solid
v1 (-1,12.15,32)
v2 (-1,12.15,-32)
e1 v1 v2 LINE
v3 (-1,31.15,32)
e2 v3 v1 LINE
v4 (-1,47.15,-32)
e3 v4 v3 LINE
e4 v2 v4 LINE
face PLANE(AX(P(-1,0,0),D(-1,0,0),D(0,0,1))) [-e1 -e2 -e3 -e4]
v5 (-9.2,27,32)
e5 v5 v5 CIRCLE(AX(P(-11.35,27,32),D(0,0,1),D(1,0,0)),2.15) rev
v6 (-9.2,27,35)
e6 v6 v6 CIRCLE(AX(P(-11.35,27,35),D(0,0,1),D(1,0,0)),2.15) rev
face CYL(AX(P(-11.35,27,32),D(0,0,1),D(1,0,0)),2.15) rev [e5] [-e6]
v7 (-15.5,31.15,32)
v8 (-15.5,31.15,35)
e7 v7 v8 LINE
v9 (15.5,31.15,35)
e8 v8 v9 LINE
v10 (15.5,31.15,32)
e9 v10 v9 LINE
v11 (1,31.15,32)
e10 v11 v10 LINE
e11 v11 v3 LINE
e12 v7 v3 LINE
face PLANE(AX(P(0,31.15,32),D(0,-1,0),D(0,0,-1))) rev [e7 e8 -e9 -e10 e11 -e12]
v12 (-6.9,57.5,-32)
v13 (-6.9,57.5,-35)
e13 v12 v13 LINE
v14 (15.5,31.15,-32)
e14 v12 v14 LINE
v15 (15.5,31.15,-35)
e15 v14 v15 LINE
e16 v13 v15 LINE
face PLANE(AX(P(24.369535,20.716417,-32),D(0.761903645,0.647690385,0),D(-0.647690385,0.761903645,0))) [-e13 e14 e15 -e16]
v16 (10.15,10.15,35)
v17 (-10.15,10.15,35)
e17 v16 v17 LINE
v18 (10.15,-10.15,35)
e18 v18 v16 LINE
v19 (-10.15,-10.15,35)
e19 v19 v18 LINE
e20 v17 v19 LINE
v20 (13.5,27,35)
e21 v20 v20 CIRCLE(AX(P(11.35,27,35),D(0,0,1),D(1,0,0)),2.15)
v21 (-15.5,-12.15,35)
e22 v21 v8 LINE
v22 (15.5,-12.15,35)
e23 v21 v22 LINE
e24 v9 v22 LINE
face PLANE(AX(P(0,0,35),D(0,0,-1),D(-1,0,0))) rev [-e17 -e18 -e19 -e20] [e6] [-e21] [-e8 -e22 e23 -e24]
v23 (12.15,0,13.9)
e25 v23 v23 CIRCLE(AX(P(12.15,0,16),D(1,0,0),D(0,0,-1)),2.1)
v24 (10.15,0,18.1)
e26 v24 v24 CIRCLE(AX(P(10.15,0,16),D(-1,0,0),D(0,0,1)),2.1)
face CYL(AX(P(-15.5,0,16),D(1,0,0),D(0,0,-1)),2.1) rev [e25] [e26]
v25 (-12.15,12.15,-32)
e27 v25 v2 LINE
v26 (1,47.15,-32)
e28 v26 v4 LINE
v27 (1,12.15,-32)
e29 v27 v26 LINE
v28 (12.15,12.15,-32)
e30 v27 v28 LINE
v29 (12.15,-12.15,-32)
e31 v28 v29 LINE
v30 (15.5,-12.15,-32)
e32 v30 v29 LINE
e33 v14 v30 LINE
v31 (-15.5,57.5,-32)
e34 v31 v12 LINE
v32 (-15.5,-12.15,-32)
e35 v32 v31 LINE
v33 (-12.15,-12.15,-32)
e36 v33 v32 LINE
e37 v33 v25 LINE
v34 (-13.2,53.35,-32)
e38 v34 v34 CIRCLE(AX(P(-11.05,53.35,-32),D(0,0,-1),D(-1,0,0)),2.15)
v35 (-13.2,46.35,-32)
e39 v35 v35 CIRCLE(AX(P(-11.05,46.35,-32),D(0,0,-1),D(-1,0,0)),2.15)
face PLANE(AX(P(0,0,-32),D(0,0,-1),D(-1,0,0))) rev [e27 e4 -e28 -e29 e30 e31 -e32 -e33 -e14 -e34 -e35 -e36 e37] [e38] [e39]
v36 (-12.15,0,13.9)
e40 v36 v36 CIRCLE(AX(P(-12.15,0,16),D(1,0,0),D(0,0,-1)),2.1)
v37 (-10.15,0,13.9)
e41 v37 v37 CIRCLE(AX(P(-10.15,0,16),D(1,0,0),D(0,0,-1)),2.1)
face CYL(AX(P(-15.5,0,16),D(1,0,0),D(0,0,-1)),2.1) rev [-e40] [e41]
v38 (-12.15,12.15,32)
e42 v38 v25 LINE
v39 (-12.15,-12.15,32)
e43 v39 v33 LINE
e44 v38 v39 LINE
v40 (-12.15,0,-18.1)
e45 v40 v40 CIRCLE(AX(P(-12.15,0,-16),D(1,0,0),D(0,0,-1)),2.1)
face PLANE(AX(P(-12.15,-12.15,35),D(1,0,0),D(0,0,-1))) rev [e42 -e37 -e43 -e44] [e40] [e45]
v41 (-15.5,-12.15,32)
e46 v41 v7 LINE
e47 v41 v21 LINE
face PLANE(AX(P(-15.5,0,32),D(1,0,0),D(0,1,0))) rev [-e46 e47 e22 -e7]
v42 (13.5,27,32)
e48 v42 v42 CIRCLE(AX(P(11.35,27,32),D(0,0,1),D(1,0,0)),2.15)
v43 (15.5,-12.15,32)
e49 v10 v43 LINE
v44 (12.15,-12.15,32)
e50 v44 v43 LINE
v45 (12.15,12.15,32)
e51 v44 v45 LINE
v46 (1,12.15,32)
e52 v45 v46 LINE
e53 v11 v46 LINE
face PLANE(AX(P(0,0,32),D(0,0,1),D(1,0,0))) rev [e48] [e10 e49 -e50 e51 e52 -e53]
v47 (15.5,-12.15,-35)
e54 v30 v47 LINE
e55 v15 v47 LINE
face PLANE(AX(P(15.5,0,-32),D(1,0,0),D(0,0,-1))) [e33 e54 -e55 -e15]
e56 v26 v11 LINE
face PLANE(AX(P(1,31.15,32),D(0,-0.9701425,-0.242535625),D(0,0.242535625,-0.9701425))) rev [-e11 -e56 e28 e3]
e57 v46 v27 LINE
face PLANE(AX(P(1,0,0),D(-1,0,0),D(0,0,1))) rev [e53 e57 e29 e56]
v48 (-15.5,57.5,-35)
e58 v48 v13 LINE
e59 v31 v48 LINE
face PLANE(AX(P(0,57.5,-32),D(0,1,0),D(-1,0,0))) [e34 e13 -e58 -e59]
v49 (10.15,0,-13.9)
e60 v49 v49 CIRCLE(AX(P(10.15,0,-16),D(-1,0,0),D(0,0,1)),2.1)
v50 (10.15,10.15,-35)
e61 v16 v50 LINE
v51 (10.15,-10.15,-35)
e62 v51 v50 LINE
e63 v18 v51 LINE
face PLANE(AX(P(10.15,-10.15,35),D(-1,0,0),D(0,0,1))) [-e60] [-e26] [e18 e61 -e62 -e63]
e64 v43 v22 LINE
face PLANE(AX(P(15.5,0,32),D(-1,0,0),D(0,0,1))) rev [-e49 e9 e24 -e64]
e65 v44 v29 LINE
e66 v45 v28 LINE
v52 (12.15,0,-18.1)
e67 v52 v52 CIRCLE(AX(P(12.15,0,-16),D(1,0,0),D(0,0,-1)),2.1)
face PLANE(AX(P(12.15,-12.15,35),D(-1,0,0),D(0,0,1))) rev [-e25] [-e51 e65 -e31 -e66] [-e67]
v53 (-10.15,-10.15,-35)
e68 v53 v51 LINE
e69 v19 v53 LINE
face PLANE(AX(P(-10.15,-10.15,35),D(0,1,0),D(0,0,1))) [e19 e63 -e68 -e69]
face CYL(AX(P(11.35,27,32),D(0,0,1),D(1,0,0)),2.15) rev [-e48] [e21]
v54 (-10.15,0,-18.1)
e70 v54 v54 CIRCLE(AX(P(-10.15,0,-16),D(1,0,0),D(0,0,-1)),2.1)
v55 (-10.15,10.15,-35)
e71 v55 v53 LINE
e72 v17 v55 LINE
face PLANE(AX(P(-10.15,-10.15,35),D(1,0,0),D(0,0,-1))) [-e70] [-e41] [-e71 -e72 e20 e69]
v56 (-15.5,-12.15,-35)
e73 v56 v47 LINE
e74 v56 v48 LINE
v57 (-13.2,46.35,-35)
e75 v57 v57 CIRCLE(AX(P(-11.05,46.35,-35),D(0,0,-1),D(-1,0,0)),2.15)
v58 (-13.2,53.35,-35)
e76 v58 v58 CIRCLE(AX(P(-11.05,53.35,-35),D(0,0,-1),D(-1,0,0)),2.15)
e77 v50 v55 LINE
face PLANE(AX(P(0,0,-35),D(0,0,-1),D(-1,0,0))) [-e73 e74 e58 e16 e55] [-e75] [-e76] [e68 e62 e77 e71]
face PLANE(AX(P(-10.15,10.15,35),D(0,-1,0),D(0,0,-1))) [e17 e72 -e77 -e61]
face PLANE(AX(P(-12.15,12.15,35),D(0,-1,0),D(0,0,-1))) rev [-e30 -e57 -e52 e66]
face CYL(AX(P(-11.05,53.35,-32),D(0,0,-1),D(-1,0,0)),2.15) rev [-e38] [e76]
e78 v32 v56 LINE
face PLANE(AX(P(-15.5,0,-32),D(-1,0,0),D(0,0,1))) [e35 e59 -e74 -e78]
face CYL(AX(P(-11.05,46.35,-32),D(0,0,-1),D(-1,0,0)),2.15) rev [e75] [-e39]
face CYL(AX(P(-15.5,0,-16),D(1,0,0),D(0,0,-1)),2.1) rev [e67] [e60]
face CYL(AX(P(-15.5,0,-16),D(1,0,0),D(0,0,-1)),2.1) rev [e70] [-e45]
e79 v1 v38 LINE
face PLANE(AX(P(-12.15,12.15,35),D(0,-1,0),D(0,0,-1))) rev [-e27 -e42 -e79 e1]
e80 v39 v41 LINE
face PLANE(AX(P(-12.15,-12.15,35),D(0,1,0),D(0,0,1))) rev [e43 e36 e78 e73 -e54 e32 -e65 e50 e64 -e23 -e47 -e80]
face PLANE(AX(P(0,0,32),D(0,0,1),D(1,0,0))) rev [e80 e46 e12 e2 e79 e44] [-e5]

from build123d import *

# Parameters (mm, degrees)
CROQUIS1_W              = 24.3
CROQUIS1_H              = 24.3
CROQUIS1_W_2            = 20.3
CROQUIS1_H_2            = 20.3
SALIENTE_EXTRUIR1_DEPTH = 35
CROQUIS2_R              = 2.15
SALIENTE_EXTRUIR2_DEPTH = 3
CROQUIS3_R              = 2.15
SALIENTE_EXTRUIR3_DEPTH = 3
SALIENTE_EXTRUIR4_DEPTH = 1
CROQUIS5_R              = 2.1
CORTAR_EXTRUIR1_DEPTH   = 28.65


with BuildPart() as part:
    # Croquis1 → Saliente-Extruir1 (new body, symmetric)
    with BuildSketch(Plane.XY):
        Rectangle(CROQUIS1_W, CROQUIS1_H)
        Rectangle(CROQUIS1_W_2, CROQUIS1_H_2, mode=Mode.SUBTRACT)
    extrude(amount=SALIENTE_EXTRUIR1_DEPTH, both=True)

    # Croquis2 → Saliente-Extruir2 (add)
    with BuildSketch(Plane.XY.offset(35)):
        Polygon((15.5, -12.15), (15.5, 27), (15.5, 31.15), (-15.5, 31.15), (-15.5, -12.15), (-12.15, -12.15), (-12.15, 12.15), (12.15, 12.15), (12.15, -12.15), align=None)
        with Locations((-11.35, 27)):
            Circle(CROQUIS2_R, mode=Mode.SUBTRACT)
        with Locations((11.35, 27)):
            Circle(CROQUIS2_R, mode=Mode.SUBTRACT)
    extrude(amount=-SALIENTE_EXTRUIR2_DEPTH)

    # Croquis3 → Saliente-Extruir3 (add)
    with BuildSketch(Plane(origin=(0, 0, -35), x_dir=(-1, 0, 0), z_dir=(0, 0, -1))):
        Polygon((12.15, -12.15), (15.5, -12.15), (15.5, 57.5), (6.9, 57.5), (-15.5, 31.15), (-15.5, -12.15), (-12.15, -12.15), (-12.15, 12.15), (12.15, 12.15), align=None)
        with Locations((11.05, 53.35)):
            Circle(CROQUIS3_R, mode=Mode.SUBTRACT)
        with Locations((11.05, 46.35)):
            Circle(CROQUIS3_R, mode=Mode.SUBTRACT)
    extrude(amount=-SALIENTE_EXTRUIR3_DEPTH)

    # Croquis4 → Saliente-Extruir4 (add, symmetric)
    with BuildSketch(Plane(origin=(0, 0, 0), x_dir=(0, 0, -1), z_dir=(1, 0, 0))):
        Polygon((-32, 12.15), (32, 12.15), (32, 47.15), (-32, 31.15), align=None)
    extrude(amount=SALIENTE_EXTRUIR4_DEPTH, both=True)

    # Croquis5 → Cortar-Extruir1 (cut, through all)
    with BuildSketch(Plane(origin=(12.15, 0, 0), x_dir=(0, 0, -1), z_dir=(1, 0, 0))):
        with Locations((-16, 0)):
            Circle(CROQUIS5_R)
        with Locations((16, 0)):
            Circle(CROQUIS5_R)
    extrude(amount=-CORTAR_EXTRUIR1_DEPTH, mode=Mode.SUBTRACT)


solid = part.part
